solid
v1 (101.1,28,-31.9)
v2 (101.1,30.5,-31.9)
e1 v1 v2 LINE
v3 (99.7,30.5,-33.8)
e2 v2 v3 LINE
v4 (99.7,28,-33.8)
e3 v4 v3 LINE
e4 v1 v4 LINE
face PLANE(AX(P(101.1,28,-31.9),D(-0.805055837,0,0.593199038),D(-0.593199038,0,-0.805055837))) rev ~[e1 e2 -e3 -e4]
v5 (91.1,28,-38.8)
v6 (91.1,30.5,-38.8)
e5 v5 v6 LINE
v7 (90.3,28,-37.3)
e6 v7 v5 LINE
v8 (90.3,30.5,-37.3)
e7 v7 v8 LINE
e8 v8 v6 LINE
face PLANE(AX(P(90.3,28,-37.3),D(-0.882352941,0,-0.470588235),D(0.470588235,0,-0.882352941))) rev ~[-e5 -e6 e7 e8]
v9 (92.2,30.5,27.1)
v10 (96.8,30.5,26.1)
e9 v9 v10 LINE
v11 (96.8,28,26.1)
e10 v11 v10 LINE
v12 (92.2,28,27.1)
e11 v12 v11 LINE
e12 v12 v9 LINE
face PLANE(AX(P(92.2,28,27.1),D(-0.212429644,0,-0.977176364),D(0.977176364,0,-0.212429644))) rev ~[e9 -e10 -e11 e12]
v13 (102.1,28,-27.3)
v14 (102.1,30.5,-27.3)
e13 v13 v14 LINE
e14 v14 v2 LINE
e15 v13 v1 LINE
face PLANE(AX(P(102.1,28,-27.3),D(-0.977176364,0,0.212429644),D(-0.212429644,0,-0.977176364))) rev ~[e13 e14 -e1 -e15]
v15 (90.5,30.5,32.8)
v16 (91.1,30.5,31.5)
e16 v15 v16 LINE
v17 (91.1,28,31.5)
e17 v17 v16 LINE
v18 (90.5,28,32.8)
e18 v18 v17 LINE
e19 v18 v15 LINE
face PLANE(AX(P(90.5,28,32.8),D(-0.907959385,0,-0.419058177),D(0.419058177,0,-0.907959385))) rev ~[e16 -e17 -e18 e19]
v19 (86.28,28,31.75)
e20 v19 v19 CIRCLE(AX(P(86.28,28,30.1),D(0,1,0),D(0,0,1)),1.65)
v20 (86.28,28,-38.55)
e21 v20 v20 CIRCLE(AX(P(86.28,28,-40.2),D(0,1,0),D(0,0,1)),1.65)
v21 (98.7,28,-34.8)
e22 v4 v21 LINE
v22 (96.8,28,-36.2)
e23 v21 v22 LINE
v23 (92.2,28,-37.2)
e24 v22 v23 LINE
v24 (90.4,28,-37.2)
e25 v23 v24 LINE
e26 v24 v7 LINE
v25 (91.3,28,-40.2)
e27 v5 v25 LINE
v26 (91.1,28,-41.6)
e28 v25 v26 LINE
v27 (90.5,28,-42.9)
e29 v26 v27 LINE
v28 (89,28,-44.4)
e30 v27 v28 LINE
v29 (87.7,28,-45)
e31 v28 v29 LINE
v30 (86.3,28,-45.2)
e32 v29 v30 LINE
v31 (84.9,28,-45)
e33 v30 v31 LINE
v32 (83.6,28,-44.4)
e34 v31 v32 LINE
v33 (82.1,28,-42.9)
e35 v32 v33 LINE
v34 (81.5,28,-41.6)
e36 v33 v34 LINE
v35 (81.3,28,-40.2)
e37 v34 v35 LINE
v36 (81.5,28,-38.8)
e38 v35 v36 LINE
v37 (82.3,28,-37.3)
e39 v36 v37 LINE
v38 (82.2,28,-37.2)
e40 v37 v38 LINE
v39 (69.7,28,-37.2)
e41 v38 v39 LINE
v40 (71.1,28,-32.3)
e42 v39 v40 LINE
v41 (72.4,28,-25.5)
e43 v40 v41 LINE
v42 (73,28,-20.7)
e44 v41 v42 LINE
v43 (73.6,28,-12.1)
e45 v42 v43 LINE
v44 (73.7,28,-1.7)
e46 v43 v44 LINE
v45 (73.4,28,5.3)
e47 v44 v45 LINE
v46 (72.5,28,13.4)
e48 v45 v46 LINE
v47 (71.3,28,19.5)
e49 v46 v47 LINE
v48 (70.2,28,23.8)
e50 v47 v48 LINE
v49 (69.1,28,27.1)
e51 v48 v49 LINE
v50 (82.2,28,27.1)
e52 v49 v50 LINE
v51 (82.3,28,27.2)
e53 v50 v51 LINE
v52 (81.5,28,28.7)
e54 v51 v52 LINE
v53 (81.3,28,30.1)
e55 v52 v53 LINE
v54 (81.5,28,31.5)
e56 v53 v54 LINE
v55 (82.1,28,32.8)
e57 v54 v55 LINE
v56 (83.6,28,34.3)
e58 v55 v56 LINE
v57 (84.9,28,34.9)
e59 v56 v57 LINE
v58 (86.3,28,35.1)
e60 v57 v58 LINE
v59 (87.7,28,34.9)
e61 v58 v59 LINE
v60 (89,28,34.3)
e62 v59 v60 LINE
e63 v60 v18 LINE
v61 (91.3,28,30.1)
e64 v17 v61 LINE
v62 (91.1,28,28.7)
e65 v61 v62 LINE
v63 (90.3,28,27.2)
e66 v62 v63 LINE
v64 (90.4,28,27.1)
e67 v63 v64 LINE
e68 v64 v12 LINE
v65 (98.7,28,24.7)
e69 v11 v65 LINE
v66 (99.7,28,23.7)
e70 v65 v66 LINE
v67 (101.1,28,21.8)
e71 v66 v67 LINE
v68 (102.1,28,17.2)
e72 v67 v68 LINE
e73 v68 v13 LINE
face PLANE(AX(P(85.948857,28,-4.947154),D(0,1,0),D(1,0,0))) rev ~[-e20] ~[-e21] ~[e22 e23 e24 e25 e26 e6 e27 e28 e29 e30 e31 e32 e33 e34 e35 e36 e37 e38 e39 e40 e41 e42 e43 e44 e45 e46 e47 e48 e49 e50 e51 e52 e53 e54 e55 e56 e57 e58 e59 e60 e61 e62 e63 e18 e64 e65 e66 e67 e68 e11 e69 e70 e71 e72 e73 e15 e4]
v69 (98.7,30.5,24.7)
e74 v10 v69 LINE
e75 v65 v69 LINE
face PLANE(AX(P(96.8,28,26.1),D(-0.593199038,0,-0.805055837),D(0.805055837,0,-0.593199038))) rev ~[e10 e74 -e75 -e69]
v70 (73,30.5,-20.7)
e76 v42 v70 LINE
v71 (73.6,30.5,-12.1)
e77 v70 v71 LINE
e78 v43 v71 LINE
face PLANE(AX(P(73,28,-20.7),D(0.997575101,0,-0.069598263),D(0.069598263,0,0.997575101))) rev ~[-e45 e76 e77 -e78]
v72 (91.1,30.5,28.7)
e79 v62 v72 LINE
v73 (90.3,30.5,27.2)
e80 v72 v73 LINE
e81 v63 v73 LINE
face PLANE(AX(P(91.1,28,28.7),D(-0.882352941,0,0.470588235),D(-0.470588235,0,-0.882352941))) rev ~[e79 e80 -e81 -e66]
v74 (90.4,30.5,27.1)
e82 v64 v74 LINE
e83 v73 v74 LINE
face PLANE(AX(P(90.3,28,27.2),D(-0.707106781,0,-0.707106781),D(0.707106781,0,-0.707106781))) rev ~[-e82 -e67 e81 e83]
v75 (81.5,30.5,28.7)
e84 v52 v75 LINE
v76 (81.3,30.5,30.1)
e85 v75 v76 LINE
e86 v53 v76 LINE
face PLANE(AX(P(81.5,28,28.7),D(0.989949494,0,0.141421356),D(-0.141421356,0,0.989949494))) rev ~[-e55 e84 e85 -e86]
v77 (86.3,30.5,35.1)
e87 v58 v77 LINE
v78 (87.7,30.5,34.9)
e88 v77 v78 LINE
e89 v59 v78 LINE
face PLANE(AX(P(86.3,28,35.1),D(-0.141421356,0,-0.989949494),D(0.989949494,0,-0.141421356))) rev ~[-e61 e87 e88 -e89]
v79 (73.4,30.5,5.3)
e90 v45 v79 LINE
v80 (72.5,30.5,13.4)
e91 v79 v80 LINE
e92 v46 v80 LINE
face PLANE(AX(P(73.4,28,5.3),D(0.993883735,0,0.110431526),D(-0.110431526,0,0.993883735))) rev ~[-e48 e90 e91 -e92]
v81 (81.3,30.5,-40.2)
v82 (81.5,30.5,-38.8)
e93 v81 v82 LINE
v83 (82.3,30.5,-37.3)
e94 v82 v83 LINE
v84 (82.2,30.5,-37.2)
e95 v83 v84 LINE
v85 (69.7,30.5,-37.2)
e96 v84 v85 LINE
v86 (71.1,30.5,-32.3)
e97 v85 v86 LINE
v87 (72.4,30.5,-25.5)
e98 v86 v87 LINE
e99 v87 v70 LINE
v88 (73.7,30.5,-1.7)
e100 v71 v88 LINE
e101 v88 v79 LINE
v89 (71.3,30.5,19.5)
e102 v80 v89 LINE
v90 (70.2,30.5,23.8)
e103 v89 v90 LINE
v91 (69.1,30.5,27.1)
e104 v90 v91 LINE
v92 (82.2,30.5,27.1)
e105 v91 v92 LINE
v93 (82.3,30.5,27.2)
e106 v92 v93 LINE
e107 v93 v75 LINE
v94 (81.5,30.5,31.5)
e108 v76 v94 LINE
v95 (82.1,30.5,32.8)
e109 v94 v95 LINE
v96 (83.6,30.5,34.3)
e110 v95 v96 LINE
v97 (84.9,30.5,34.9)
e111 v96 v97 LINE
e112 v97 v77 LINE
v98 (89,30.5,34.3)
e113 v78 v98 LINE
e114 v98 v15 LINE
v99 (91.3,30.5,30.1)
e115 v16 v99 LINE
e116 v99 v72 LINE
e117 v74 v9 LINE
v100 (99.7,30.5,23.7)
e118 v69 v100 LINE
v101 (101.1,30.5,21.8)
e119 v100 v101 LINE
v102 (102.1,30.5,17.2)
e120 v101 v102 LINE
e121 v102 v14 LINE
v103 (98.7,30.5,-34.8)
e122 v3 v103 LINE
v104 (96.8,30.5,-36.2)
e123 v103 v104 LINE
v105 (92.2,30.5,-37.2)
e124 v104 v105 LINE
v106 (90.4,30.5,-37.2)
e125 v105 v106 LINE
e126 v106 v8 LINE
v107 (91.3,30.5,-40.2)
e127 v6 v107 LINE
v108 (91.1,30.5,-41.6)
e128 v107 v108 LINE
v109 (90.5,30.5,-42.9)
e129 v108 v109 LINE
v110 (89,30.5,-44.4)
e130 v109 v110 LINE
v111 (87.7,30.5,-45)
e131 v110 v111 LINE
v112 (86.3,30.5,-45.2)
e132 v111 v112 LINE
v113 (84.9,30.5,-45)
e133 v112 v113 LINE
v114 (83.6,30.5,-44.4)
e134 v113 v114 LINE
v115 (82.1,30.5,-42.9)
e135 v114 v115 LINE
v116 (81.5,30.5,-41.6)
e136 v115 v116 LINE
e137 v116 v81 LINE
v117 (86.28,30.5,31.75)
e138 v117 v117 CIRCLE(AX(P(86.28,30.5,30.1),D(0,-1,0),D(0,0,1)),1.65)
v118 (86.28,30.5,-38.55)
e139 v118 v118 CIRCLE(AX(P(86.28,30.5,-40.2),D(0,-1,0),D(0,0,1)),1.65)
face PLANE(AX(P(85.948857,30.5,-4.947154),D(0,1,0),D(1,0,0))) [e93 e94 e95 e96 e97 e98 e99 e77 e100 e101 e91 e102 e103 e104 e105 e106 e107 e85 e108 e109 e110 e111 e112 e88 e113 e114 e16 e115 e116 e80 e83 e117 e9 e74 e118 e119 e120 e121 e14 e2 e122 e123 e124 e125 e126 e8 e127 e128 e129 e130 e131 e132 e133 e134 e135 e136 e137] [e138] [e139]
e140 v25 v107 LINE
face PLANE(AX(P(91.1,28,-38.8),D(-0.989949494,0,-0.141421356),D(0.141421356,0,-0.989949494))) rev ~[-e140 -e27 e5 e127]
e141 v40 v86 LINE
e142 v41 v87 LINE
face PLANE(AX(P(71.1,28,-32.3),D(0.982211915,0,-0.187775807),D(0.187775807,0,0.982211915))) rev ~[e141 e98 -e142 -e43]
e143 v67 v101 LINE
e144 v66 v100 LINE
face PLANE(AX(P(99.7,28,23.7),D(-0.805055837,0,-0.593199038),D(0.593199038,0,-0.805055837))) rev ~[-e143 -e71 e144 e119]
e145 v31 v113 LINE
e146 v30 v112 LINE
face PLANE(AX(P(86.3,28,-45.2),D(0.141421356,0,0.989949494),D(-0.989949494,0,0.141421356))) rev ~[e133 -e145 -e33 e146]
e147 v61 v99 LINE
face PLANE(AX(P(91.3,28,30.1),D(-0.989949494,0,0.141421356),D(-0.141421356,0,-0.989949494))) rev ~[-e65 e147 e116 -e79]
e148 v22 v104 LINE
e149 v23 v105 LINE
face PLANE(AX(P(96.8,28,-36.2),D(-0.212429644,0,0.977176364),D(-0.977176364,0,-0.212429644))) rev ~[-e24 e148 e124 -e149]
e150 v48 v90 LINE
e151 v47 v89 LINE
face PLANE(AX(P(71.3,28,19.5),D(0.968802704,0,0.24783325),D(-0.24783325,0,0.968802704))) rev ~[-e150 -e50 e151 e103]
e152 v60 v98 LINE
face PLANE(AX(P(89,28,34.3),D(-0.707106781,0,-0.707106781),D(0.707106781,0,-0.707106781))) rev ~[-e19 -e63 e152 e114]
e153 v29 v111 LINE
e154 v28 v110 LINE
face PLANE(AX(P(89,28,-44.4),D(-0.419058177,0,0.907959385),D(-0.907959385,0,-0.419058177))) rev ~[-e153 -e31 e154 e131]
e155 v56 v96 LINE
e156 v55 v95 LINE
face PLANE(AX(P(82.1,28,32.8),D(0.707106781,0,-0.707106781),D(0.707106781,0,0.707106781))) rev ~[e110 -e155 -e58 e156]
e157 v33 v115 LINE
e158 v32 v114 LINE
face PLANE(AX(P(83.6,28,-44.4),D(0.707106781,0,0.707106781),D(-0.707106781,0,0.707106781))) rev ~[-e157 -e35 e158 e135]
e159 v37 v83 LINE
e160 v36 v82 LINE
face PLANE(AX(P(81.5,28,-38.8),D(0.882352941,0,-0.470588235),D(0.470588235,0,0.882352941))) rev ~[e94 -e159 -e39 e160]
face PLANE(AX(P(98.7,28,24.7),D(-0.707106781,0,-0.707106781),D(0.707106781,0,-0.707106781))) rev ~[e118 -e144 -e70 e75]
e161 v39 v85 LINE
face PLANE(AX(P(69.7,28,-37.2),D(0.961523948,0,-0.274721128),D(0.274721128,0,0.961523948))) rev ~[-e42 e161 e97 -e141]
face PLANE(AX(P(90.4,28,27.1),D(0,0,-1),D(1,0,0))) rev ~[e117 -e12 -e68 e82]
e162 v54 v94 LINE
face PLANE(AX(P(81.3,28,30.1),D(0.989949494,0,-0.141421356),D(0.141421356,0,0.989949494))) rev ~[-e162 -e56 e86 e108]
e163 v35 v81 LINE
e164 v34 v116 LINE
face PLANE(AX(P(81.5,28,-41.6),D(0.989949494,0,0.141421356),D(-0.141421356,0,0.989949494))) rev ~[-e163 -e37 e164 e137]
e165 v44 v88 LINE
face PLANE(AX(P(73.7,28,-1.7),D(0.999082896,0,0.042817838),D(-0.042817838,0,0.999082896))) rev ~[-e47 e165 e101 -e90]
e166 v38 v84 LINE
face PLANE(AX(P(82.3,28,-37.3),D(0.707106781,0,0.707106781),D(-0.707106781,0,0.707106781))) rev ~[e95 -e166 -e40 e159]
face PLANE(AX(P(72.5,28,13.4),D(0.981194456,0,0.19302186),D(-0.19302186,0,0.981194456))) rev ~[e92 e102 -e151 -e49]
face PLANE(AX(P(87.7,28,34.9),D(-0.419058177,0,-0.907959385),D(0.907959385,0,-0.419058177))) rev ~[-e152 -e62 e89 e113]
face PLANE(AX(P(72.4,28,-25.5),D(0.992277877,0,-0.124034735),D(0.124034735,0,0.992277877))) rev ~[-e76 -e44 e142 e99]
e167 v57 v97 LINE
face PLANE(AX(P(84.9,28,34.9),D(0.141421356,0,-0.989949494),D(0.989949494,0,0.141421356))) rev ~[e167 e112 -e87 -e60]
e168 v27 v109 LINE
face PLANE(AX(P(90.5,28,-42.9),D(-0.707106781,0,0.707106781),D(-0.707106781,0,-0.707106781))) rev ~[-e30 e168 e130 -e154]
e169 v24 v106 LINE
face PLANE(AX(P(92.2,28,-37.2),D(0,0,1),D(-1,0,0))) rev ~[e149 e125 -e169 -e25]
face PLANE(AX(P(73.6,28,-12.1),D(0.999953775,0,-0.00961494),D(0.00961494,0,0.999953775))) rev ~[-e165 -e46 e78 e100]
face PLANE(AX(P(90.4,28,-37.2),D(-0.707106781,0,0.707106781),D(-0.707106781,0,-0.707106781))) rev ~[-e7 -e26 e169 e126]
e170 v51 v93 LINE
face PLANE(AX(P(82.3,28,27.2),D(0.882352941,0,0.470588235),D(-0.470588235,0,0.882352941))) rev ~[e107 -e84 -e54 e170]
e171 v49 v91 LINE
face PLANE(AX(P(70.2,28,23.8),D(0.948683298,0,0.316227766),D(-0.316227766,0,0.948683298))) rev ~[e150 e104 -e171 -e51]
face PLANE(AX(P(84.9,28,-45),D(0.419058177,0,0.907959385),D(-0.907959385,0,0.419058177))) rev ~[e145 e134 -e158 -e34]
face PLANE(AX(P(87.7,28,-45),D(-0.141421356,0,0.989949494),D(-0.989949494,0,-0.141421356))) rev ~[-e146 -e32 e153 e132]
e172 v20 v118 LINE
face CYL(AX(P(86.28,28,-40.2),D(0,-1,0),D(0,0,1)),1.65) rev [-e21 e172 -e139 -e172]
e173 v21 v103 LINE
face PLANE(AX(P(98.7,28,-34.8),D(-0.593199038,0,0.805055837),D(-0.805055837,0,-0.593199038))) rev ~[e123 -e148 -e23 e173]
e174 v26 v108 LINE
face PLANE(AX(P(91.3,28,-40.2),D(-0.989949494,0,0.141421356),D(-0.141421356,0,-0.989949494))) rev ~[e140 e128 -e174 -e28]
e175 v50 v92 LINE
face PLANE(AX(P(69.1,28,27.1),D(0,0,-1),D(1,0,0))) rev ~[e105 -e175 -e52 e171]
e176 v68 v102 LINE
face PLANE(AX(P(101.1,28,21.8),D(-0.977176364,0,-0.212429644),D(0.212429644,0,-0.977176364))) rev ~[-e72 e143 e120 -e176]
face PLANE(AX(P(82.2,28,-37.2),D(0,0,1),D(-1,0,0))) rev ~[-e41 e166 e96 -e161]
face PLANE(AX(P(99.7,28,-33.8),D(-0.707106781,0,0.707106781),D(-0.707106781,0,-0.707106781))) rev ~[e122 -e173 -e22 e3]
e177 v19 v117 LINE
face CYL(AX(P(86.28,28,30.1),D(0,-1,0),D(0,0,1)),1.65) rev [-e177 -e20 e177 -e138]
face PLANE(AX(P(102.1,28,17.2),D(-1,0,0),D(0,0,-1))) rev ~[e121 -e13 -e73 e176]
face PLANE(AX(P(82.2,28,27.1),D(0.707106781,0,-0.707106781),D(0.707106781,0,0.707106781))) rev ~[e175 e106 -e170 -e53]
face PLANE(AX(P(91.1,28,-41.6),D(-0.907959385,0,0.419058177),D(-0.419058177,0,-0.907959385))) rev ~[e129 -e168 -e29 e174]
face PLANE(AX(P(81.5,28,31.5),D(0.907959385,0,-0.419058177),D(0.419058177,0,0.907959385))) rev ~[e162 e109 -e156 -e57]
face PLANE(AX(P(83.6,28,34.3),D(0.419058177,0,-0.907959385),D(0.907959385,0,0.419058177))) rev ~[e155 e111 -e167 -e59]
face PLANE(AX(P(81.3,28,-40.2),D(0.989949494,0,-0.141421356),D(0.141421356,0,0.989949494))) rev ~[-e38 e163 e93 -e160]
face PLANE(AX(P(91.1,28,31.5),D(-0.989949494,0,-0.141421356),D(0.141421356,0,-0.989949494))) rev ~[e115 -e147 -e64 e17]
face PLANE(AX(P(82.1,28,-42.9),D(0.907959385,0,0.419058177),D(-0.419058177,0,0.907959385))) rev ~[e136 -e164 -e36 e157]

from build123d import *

# Parameters (mm, degrees)
PEDAL_COVER_DEPTH       = 2.5
SKETCH2_R               = 1.65
COVER_SCREW_HOLES_DEPTH = 112.685719768


with BuildPart() as part:
    # Sketch1 → Pedal cover (new body)
    with BuildSketch(Plane(origin=(0, 28, 0), x_dir=(1, 0, 0), z_dir=(0, 1, 0))):
        Polygon((86.3, 45.2), (84.9, 45), (83.6, 44.4), (82.1, 42.9), (81.5, 41.6), (81.3, 40.2), (81.5, 38.8), (82.3, 37.3), (82.2, 37.2), (69.7, 37.2), (71.1, 32.3), (72.4, 25.5), (73, 20.7), (73.6, 12.1), (73.7, 1.7), (73.4, -5.3), (72.5, -13.4), (71.3, -19.5), (70.2, -23.8), (69.1, -27.1), (82.2, -27.1), (82.3, -27.2), (81.5, -28.7), (81.3, -30.1), (81.5, -31.5), (82.1, -32.8), (83.6, -34.3), (84.9, -34.9), (86.3, -35.1), (87.7, -34.9), (89, -34.3), (90.5, -32.8), (91.1, -31.5), (91.3, -30.1), (91.1, -28.7), (90.3, -27.2), (90.4, -27.1), (92.2, -27.1), (96.8, -26.1), (98.7, -24.7), (99.7, -23.7), (101.1, -21.8), (102.1, -17.2), (102.1, 27.3), (101.1, 31.9), (99.7, 33.8), (98.7, 34.8), (96.8, 36.2), (92.2, 37.2), (90.4, 37.2), (90.3, 37.3), (91.1, 38.8), (91.3, 40.2), (91.1, 41.6), (90.5, 42.9), (89, 44.4), (87.7, 45), align=None)
    extrude(amount=PEDAL_COVER_DEPTH)

    # Sketch2 → Cover screw holes (cut, through all)
    with BuildSketch(Plane(origin=(0, 28, 0), x_dir=(1, 0, 0), z_dir=(0, 1, 0))):
        with Locations(Location((86.28, 40.2, 0), (0, 0, 270))):
            Circle(SKETCH2_R)
        with Locations(Location((86.28, -30.1, 0), (0, 0, 270))):
            Circle(SKETCH2_R)
    extrude(amount=COVER_SCREW_HOLES_DEPTH, mode=Mode.SUBTRACT)


solid = part.part
